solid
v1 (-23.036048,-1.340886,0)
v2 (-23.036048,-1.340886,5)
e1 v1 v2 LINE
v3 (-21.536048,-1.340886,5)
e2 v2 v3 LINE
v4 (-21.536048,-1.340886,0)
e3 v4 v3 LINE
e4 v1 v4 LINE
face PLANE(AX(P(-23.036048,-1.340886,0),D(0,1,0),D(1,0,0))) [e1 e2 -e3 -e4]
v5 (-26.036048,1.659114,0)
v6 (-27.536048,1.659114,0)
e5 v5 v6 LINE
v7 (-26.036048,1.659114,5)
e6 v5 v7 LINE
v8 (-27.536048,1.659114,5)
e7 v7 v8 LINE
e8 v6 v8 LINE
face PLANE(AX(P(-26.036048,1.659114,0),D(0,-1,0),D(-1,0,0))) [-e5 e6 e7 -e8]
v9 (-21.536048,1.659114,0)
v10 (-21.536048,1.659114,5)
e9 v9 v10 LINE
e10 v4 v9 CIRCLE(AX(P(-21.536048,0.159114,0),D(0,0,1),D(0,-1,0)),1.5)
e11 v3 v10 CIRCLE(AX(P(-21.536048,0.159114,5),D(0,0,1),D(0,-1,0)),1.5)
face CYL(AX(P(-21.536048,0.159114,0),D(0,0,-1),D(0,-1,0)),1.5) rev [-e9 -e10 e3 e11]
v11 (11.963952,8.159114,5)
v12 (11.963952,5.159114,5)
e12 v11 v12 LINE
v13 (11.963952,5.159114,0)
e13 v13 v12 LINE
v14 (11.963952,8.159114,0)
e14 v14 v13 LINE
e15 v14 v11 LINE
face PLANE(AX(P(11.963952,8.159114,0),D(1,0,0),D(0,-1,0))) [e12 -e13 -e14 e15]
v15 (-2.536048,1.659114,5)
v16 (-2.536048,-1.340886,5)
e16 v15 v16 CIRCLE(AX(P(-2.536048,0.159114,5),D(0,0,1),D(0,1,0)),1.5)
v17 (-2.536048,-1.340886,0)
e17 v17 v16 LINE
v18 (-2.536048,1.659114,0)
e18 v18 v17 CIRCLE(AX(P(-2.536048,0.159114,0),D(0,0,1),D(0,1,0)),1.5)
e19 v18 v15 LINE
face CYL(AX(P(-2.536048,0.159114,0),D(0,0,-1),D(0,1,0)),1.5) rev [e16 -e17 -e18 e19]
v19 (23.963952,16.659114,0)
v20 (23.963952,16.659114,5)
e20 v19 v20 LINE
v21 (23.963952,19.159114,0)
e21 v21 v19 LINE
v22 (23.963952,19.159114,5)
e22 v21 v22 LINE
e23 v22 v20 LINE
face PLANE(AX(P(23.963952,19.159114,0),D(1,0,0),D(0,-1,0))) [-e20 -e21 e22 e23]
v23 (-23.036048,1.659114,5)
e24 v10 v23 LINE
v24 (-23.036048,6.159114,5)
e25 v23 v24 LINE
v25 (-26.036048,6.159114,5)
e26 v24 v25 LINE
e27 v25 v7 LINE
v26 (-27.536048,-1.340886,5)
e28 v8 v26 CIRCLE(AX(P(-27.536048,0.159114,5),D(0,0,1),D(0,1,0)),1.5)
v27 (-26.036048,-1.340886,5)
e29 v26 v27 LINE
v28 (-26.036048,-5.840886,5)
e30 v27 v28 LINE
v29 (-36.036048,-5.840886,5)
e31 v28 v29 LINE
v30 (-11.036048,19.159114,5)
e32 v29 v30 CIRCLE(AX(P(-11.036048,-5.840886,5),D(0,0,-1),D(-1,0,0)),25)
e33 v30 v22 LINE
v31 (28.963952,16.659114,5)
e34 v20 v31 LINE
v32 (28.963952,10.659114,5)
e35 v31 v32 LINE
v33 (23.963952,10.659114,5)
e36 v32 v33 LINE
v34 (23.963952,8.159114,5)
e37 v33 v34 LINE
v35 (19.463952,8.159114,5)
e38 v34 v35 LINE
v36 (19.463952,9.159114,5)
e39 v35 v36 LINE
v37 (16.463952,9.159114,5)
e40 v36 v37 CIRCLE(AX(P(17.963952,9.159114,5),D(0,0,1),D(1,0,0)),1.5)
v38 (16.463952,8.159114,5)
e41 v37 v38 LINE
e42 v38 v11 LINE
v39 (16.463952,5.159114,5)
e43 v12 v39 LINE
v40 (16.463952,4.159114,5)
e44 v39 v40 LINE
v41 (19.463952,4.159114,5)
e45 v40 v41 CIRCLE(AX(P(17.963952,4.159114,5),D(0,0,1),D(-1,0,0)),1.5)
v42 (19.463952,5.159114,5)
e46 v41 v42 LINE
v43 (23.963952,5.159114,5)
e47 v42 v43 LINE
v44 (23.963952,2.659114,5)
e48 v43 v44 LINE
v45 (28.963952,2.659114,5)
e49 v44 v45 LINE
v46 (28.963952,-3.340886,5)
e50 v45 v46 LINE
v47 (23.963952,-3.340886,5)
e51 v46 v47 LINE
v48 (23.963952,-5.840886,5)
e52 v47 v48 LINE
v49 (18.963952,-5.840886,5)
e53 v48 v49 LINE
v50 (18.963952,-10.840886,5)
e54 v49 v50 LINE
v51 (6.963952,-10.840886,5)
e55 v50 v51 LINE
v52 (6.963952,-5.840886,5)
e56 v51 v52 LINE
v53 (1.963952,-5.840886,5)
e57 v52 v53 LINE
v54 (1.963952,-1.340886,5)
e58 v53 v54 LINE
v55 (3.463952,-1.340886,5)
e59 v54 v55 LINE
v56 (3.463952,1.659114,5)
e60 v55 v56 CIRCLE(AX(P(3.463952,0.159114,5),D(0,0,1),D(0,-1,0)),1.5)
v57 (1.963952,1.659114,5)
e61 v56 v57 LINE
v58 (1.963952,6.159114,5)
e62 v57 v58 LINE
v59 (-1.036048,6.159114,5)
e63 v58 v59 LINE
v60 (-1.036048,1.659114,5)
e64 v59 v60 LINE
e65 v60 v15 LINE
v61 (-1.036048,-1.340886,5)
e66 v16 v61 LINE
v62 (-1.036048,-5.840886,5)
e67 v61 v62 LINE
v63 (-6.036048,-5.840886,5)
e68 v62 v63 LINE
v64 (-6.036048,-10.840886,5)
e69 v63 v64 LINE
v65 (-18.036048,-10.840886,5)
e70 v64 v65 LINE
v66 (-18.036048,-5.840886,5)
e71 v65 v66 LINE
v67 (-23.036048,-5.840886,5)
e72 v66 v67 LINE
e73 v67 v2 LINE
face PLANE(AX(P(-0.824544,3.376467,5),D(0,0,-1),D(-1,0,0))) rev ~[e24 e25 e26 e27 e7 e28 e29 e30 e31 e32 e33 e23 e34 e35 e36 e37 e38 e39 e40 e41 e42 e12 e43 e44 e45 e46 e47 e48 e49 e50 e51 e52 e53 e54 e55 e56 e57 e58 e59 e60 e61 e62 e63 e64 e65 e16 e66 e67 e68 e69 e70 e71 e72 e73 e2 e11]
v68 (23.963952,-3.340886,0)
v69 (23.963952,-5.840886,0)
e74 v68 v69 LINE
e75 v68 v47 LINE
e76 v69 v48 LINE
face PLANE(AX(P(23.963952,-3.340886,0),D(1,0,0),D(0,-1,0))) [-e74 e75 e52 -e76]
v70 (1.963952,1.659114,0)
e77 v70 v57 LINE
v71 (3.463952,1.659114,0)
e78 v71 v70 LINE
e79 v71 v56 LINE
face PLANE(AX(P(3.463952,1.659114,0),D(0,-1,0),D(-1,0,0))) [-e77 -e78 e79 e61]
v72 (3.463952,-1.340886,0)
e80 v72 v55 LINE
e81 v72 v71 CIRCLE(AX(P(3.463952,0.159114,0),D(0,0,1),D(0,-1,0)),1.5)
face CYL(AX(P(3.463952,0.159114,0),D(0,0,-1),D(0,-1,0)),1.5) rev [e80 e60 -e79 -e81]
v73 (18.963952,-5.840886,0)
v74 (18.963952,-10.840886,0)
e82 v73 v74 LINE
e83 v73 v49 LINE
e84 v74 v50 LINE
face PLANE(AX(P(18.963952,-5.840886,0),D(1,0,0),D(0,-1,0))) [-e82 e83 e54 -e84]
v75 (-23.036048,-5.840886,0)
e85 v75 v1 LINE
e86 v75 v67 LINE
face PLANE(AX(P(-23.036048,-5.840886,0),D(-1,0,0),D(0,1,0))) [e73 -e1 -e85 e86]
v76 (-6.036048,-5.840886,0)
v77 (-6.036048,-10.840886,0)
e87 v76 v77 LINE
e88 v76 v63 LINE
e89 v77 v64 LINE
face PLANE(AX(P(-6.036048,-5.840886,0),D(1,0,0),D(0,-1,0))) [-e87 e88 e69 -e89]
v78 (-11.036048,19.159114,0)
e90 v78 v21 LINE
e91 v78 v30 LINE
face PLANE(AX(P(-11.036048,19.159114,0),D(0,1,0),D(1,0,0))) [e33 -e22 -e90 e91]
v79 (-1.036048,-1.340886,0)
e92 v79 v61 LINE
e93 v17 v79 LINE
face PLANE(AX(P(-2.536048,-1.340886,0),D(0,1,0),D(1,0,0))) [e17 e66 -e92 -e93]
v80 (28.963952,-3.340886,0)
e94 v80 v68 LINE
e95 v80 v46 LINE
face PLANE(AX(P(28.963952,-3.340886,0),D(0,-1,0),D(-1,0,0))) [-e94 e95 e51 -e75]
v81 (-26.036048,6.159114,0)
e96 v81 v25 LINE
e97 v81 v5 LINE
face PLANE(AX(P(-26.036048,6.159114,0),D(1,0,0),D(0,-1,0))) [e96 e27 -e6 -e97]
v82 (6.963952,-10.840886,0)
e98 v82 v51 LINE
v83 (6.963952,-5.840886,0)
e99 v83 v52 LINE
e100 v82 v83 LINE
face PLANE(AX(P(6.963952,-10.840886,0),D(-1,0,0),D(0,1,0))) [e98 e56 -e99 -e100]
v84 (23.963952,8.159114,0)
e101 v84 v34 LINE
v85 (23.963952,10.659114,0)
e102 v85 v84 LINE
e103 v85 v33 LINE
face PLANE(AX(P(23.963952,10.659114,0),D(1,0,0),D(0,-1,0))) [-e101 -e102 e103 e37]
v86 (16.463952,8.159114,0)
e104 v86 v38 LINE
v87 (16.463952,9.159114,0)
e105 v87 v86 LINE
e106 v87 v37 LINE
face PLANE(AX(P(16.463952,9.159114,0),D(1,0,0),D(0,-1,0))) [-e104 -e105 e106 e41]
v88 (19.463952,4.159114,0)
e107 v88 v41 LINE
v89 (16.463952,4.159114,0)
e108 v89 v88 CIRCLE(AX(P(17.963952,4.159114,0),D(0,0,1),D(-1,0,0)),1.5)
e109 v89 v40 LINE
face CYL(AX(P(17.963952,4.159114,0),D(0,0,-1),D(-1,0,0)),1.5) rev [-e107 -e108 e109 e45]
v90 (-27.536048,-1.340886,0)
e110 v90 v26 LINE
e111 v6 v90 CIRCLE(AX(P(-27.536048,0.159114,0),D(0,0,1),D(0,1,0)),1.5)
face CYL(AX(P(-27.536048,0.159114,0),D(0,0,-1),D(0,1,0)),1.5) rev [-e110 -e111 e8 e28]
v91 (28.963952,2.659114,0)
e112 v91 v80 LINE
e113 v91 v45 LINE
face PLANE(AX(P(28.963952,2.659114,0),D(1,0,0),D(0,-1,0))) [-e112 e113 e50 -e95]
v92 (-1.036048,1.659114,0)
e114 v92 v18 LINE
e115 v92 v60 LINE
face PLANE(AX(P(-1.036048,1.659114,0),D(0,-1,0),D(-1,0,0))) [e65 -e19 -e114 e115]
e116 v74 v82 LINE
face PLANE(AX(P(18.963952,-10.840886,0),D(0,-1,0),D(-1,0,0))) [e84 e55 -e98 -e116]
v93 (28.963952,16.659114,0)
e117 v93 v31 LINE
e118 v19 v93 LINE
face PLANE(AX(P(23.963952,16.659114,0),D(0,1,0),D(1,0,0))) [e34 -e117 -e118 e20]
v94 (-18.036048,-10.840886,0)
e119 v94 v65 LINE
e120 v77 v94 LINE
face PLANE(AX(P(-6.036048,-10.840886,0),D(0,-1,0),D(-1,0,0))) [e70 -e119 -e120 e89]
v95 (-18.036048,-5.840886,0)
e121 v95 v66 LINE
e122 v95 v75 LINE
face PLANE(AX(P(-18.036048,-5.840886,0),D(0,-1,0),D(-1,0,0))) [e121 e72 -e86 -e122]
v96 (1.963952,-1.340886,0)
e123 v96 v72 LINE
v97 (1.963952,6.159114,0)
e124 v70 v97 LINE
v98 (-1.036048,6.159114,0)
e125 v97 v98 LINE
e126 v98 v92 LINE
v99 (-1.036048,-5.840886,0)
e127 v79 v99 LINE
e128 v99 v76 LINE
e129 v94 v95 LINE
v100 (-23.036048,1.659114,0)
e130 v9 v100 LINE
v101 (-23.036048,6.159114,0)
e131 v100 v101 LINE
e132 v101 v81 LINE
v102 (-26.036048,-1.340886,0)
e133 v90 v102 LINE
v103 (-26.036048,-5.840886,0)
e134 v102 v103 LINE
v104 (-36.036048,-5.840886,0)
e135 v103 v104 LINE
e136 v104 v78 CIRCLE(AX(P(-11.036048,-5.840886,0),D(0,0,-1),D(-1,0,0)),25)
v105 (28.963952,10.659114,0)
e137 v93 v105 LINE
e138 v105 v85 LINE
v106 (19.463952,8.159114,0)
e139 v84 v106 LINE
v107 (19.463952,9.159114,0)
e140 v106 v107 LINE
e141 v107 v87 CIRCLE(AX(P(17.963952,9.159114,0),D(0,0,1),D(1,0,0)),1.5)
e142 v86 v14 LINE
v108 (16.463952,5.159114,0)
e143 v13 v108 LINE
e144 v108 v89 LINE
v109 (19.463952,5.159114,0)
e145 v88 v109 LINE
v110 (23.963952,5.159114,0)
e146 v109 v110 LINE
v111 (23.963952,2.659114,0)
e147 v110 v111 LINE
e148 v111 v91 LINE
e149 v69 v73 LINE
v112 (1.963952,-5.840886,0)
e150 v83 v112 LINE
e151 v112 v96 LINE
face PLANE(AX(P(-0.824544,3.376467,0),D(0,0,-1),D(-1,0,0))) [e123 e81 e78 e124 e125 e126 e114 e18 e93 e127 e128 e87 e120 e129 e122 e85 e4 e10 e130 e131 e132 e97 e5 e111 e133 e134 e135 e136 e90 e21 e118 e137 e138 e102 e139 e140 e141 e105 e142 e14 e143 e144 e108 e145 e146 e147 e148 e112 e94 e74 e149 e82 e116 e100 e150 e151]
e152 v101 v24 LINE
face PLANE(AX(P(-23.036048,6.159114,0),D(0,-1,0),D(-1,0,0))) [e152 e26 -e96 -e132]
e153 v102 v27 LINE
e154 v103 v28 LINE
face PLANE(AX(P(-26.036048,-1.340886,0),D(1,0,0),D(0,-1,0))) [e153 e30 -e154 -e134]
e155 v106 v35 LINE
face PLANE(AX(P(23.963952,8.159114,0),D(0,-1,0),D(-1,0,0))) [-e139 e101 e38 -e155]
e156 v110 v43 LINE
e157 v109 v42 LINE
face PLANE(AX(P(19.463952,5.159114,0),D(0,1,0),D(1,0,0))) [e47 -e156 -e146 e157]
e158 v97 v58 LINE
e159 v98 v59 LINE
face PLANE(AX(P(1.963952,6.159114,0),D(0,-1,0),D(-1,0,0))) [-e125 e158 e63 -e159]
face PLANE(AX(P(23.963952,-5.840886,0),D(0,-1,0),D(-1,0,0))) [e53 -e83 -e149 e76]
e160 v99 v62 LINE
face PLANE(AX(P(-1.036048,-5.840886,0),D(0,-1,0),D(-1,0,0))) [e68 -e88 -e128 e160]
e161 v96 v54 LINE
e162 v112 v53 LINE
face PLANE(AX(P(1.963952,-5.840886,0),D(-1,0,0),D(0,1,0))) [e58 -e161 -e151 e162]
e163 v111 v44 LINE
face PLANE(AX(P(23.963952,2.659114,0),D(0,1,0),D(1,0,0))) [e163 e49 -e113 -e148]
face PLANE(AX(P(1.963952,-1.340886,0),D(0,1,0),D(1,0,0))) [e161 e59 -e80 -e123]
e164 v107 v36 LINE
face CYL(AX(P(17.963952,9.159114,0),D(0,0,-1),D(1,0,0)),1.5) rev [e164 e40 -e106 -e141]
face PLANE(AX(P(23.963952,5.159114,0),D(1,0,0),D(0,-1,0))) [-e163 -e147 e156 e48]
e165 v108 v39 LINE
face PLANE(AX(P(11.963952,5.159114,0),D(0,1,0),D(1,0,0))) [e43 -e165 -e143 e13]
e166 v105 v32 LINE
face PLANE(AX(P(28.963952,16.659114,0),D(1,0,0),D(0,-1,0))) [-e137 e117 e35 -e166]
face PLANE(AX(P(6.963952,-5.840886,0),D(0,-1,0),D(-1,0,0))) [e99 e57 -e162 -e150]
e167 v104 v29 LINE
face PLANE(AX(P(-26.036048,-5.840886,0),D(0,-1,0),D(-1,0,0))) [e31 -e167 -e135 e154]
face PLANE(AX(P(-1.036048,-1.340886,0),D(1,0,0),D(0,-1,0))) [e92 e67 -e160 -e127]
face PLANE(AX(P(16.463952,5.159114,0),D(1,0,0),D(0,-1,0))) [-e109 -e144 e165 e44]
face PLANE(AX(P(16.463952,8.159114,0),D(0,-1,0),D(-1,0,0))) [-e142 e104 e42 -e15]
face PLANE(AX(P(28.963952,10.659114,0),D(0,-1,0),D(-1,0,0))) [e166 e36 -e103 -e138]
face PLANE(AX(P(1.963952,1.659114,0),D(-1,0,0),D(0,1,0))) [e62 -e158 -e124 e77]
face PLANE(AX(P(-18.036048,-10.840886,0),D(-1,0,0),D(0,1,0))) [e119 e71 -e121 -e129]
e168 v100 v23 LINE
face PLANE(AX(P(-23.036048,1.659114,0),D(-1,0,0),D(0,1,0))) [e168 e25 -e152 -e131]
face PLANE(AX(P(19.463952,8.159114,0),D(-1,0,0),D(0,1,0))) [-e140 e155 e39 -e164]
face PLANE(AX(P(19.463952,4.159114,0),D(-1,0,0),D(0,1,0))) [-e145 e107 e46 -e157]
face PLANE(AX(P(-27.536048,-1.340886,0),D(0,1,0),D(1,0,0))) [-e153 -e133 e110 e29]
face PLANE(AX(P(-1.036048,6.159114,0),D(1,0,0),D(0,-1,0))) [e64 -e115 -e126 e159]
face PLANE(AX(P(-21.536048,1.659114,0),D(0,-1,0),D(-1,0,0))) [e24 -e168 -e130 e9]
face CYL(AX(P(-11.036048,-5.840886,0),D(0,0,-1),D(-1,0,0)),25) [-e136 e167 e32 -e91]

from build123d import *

# Parameters (mm, degrees)
BOSS_EXTRUDE1_DEPTH = 5


with BuildPart() as part:
    # Sketch1 → Boss-Extrude1 (new body)
    with BuildSketch(Plane.XY):
        with BuildLine():
            Line((23.963951988, -5.840885969), (18.963951988, -5.840885969))
            Line((18.963951988, -5.840885969), (18.963951988, -10.840885969))
            Line((18.963951988, -10.840885969), (6.963951988, -10.840885969))
            Line((6.963951988, -10.840885969), (6.963951988, -5.840885969))
            Line((6.963951988, -5.840885969), (1.963951988, -5.840885969))
            Line((1.963951988, -5.840885969), (1.963951988, -1.340885969))
            Line((1.963951988, -1.340885969), (3.463951988, -1.340885969))
            ThreePointArc((3.463951988, -1.340885969), (4.963951988, 0.159114031), (3.463951988, 1.659114031))
            Line((3.463951988, 1.659114031), (1.963951988, 1.659114031))
            Line((1.963951988, 1.659114031), (1.963951988, 6.159114031))
            Line((1.963951988, 6.159114031), (-1.036048012, 6.159114031))
            Line((-1.036048012, 6.159114031), (-1.036048012, 1.659114031))
            Line((-1.036048012, 1.659114031), (-2.536048012, 1.659114031))
            ThreePointArc((-2.536048012, 1.659114031), (-4.036048012, 0.159114031), (-2.536048012, -1.340885969))
            Line((-2.536048012, -1.340885969), (-1.036048012, -1.340885969))
            Line((-1.036048012, -1.340885969), (-1.036048012, -5.840885969))
            Line((-1.036048012, -5.840885969), (-6.036048012, -5.840885969))
            Line((-6.036048012, -5.840885969), (-6.036048012, -10.840885969))
            Line((-6.036048012, -10.840885969), (-18.036048012, -10.840885969))
            Line((-18.036048012, -10.840885969), (-18.036048012, -5.840885969))
            Line((-18.036048012, -5.840885969), (-23.036048012, -5.840885969))
            Line((-23.036048012, -5.840885969), (-23.036048012, -1.340885969))
            Line((-23.036048012, -1.340885969), (-21.536048012, -1.340885969))
            ThreePointArc((-21.536048012, -1.340885969), (-20.036048012, 0.159114031), (-21.536048012, 1.659114031))
            Line((-21.536048012, 1.659114031), (-23.036048012, 1.659114031))
            Line((-23.036048012, 1.659114031), (-23.036048012, 6.159114031))
            Line((-23.036048012, 6.159114031), (-26.036048012, 6.159114031))
            Line((-26.036048012, 6.159114031), (-26.036048012, 1.659114031))
            Line((-26.036048012, 1.659114031), (-27.536048012, 1.659114031))
            ThreePointArc((-27.536048012, 1.659114031), (-29.036048012, 0.159114031), (-27.536048012, -1.340885969))
            Line((-27.536048012, -1.340885969), (-26.036048012, -1.340885969))
            Line((-26.036048012, -1.340885969), (-26.036048012, -5.840885969))
            Line((-26.036048012, -5.840885969), (-36.036048012, -5.840885969))
            ThreePointArc((-36.036048012, -5.840885969), (-28.713717542, 11.836783561), (-11.036048012, 19.159114031))
            Line((-11.036048012, 19.159114031), (23.963951988, 19.159114031))
            Line((23.963951988, 19.159114031), (23.963951988, 16.659114031))
            Line((23.963951988, 16.659114031), (28.963951988, 16.659114031))
            Line((28.963951988, 16.659114031), (28.963951988, 10.659114031))
            Line((28.963951988, 10.659114031), (23.963951988, 10.659114031))
            Line((23.963951988, 10.659114031), (23.963951988, 8.159114031))
            Line((23.963951988, 8.159114031), (19.463951988, 8.159114031))
            Line((19.463951988, 8.159114031), (19.463951988, 9.159114031))
            ThreePointArc((19.463951988, 9.159114031), (17.963951988, 10.659114031), (16.463951988, 9.159114031))
            Line((16.463951988, 9.159114031), (16.463951988, 8.159114031))
            Line((16.463951988, 8.159114031), (11.963951988, 8.159114031))
            Line((11.963951988, 8.159114031), (11.963951988, 5.159114031))
            Line((11.963951988, 5.159114031), (16.463951988, 5.159114031))
            Line((16.463951988, 5.159114031), (16.463951988, 4.159114031))
            ThreePointArc((16.463951988, 4.159114031), (17.963951988, 2.659114031), (19.463951988, 4.159114031))
            Line((19.463951988, 4.159114031), (19.463951988, 5.159114031))
            Line((19.463951988, 5.159114031), (23.963951988, 5.159114031))
            Line((23.963951988, 5.159114031), (23.963951988, 2.659114031))
            Line((23.963951988, 2.659114031), (28.963951988, 2.659114031))
            Line((28.963951988, 2.659114031), (28.963951988, -3.340885969))
            Line((28.963951988, -3.340885969), (23.963951988, -3.340885969))
            Line((23.963951988, -3.340885969), (23.963951988, -5.840885969))
        make_face()
    extrude(amount=BOSS_EXTRUDE1_DEPTH)


solid = part.part
